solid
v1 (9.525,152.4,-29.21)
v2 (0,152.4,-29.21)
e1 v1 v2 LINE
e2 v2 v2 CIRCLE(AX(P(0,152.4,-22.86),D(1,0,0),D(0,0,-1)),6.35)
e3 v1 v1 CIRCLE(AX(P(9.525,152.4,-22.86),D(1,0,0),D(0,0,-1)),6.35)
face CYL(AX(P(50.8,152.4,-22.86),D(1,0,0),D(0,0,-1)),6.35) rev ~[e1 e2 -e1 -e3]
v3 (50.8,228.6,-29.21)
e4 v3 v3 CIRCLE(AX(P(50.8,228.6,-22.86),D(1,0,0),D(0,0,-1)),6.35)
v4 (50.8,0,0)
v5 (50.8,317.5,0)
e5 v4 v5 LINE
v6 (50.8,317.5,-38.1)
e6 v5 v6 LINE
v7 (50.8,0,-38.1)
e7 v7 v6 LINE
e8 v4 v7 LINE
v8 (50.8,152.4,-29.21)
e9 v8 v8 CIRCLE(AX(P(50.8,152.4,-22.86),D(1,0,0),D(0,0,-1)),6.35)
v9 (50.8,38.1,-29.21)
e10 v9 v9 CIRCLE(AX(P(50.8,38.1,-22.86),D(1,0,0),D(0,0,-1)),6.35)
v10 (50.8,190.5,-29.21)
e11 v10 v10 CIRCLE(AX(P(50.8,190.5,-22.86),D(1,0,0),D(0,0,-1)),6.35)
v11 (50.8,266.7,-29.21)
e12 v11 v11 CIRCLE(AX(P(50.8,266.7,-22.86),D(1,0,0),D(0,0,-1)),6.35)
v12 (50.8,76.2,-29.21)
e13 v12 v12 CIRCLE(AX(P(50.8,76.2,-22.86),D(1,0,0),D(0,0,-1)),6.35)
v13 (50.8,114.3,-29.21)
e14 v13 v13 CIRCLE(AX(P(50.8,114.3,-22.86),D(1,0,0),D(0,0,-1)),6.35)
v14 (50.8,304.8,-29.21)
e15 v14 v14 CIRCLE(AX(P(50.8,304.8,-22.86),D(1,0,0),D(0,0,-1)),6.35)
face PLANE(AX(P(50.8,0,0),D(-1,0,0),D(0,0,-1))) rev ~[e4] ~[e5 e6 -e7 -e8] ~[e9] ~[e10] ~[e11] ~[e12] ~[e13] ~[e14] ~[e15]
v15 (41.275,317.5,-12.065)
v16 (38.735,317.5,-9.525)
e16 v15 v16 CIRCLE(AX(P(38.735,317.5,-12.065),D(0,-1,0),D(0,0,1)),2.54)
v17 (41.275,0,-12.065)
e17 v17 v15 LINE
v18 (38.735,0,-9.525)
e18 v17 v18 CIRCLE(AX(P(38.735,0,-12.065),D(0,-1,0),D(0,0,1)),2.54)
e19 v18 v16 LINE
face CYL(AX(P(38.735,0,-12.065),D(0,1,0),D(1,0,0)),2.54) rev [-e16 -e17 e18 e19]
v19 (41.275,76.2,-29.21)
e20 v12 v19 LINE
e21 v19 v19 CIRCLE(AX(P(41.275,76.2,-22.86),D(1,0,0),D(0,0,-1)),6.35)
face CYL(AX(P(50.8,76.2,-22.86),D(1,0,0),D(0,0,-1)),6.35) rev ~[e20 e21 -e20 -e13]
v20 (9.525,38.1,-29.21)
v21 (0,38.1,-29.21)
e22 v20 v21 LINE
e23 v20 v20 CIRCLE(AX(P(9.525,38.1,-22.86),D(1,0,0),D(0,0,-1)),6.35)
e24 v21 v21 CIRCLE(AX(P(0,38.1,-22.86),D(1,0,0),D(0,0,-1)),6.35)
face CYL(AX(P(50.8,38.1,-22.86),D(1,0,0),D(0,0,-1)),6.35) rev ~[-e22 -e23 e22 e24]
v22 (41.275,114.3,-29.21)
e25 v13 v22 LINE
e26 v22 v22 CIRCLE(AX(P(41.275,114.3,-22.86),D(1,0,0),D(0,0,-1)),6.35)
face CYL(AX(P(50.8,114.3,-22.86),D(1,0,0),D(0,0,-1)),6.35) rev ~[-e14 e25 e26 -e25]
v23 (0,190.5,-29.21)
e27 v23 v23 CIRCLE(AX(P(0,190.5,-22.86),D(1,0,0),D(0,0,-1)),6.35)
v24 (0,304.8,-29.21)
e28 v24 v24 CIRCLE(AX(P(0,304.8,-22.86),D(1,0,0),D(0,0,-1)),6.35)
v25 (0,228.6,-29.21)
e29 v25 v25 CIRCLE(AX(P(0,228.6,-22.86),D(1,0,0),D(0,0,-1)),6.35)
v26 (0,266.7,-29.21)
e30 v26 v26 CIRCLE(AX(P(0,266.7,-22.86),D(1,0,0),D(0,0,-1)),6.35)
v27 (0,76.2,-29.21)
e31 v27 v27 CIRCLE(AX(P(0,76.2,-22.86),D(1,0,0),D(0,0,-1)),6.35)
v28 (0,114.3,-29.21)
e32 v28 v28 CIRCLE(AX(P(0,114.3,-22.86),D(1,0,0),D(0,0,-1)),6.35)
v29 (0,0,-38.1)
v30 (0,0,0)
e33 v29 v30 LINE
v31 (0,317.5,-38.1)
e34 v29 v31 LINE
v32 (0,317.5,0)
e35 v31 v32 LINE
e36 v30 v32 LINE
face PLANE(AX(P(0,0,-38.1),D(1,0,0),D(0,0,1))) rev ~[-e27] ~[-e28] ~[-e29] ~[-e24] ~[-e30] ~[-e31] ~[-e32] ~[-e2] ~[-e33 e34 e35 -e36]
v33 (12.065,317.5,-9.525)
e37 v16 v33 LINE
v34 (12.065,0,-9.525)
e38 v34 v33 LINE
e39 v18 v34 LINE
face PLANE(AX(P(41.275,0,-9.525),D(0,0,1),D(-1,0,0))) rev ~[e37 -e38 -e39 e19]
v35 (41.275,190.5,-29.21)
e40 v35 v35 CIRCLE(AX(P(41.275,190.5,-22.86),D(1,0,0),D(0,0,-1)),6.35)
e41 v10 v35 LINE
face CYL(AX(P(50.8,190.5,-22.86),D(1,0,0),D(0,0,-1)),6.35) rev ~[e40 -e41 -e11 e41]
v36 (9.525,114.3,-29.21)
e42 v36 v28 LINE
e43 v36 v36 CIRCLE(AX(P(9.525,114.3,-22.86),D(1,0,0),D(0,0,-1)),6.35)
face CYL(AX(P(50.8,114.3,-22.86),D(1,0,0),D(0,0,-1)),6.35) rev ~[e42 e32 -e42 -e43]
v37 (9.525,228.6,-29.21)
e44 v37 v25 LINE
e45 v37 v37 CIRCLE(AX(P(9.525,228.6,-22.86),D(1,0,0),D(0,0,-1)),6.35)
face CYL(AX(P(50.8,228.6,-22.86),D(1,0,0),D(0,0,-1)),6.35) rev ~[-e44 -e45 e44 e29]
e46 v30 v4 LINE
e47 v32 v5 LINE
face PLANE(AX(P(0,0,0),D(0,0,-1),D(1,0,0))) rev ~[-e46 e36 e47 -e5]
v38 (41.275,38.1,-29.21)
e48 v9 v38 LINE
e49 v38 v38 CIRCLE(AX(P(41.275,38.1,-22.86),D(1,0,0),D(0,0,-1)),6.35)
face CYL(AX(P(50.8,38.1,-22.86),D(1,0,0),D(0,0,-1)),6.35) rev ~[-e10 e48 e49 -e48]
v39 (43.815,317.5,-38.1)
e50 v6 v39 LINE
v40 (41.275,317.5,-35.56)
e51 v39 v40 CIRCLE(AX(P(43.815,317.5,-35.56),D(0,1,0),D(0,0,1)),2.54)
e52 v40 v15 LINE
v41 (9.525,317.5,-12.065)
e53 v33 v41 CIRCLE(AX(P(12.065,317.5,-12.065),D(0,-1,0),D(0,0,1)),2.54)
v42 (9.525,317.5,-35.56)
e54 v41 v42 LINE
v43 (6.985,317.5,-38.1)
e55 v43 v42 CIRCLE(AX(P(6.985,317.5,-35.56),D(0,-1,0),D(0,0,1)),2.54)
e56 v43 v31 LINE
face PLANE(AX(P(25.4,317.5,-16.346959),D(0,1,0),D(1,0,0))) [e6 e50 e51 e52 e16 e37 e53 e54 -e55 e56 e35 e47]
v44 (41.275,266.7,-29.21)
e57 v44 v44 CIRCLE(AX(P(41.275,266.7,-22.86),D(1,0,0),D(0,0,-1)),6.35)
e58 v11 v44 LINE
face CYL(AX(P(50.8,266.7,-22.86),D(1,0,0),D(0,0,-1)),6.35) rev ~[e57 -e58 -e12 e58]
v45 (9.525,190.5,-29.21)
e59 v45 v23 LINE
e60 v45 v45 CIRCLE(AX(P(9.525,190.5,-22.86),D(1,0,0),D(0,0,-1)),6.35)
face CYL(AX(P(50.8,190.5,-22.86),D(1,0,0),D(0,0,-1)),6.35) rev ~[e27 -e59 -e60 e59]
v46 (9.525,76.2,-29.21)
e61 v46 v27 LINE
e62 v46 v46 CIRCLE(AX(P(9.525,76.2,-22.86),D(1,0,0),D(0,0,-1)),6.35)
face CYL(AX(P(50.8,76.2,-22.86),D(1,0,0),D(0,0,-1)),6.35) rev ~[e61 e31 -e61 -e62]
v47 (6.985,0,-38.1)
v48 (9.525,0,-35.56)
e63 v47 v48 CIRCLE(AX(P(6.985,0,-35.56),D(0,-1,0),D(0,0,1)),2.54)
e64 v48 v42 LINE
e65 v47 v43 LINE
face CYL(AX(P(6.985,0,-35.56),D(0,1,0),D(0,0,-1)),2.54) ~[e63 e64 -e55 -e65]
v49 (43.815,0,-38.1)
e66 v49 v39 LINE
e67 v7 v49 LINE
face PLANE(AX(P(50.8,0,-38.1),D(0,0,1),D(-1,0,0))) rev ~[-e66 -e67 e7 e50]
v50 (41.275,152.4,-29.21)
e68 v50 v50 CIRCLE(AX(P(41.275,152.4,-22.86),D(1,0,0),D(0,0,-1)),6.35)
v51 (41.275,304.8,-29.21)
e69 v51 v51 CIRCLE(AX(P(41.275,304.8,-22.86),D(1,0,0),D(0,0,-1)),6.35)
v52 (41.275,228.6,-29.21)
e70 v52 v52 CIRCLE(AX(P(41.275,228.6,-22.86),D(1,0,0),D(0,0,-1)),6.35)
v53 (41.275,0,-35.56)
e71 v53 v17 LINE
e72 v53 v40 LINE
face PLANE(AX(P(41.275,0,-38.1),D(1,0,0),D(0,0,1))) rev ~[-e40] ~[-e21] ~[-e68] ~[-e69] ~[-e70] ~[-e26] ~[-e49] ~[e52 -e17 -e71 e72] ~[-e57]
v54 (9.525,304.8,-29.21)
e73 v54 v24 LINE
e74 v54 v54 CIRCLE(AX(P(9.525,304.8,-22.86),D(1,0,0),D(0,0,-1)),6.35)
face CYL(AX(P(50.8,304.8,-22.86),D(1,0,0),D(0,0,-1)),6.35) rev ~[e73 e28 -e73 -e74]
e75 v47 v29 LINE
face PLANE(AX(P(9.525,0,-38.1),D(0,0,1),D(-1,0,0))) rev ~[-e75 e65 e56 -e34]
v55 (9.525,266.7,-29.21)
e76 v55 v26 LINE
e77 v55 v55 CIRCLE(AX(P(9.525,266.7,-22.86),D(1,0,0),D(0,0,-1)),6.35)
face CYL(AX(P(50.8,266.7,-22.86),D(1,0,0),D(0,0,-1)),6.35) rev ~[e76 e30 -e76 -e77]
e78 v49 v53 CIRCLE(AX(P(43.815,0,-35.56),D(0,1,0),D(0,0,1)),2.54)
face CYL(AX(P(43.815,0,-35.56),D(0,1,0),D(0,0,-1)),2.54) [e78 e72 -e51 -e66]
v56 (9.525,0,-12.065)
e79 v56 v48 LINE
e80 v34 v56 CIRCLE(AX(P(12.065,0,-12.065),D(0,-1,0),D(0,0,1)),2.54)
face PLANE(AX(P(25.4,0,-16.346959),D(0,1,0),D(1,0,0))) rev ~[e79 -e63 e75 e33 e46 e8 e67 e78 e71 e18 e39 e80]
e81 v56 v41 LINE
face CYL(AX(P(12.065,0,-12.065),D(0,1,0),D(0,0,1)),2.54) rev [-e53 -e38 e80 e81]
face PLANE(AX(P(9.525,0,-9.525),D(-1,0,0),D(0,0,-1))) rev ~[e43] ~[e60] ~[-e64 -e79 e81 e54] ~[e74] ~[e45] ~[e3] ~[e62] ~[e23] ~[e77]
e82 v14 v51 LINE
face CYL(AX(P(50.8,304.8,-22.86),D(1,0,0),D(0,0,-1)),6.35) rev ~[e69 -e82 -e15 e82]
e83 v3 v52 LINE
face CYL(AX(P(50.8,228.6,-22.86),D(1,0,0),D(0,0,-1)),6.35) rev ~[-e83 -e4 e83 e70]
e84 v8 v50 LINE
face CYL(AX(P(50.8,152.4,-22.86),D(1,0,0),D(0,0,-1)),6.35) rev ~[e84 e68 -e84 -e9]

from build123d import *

# Parameters (mm, degrees)
BOSS_EXTRUDE1_DEPTH = 317.5
SKETCH2_R           = 6.35
CUT_EXTRUDE1_DEPTH  = 304.8
FILLET1_R           = 2.54


with BuildPart() as part:
    # Sketch1 → Boss-Extrude1 (new body)
    with BuildSketch(Plane(origin=(0, 0, 0), x_dir=(1, 0, 0), z_dir=(0, 1, 0))):
        Polygon((0, 0), (50.8, 0), (50.8, 38.1), (41.275, 38.1), (41.275, 9.525), (9.525, 9.525), (9.525, 38.1), (0, 38.1), align=None)
    extrude(amount=BOSS_EXTRUDE1_DEPTH)

    # Sketch2 → Cut-Extrude1 (cut)
    with BuildSketch(Plane(origin=(50.8, 0, 0), x_dir=(0, 0, -1), z_dir=(1, 0, 0))):
        with Locations((22.86, 304.8)):
            Circle(SKETCH2_R)
        with Locations((22.86, 190.5)):
            Circle(SKETCH2_R)
        with Locations((22.86, 228.6)):
            Circle(SKETCH2_R)
        with Locations((22.86, 266.7)):
            Circle(SKETCH2_R)
        with Locations((22.86, 76.2)):
            Circle(SKETCH2_R)
        with Locations((22.86, 38.1)):
            Circle(SKETCH2_R)
        with Locations((22.86, 152.4)):
            Circle(SKETCH2_R)
        with Locations((22.86, 114.3)):
            Circle(SKETCH2_R)
    extrude(amount=-CUT_EXTRUDE1_DEPTH, mode=Mode.SUBTRACT)

    # Fillet1
    fillet1_edges = [part.edges().sort_by_distance(p)[0] for p in [
        (41.275, 158.75, -38.1),
        (9.525, 158.75, -38.1),
        (9.525, 158.75, -9.525),
        (41.275, 158.75, -9.525),
    ]]
    fillet(fillet1_edges, radius=FILLET1_R)


solid = part.part
